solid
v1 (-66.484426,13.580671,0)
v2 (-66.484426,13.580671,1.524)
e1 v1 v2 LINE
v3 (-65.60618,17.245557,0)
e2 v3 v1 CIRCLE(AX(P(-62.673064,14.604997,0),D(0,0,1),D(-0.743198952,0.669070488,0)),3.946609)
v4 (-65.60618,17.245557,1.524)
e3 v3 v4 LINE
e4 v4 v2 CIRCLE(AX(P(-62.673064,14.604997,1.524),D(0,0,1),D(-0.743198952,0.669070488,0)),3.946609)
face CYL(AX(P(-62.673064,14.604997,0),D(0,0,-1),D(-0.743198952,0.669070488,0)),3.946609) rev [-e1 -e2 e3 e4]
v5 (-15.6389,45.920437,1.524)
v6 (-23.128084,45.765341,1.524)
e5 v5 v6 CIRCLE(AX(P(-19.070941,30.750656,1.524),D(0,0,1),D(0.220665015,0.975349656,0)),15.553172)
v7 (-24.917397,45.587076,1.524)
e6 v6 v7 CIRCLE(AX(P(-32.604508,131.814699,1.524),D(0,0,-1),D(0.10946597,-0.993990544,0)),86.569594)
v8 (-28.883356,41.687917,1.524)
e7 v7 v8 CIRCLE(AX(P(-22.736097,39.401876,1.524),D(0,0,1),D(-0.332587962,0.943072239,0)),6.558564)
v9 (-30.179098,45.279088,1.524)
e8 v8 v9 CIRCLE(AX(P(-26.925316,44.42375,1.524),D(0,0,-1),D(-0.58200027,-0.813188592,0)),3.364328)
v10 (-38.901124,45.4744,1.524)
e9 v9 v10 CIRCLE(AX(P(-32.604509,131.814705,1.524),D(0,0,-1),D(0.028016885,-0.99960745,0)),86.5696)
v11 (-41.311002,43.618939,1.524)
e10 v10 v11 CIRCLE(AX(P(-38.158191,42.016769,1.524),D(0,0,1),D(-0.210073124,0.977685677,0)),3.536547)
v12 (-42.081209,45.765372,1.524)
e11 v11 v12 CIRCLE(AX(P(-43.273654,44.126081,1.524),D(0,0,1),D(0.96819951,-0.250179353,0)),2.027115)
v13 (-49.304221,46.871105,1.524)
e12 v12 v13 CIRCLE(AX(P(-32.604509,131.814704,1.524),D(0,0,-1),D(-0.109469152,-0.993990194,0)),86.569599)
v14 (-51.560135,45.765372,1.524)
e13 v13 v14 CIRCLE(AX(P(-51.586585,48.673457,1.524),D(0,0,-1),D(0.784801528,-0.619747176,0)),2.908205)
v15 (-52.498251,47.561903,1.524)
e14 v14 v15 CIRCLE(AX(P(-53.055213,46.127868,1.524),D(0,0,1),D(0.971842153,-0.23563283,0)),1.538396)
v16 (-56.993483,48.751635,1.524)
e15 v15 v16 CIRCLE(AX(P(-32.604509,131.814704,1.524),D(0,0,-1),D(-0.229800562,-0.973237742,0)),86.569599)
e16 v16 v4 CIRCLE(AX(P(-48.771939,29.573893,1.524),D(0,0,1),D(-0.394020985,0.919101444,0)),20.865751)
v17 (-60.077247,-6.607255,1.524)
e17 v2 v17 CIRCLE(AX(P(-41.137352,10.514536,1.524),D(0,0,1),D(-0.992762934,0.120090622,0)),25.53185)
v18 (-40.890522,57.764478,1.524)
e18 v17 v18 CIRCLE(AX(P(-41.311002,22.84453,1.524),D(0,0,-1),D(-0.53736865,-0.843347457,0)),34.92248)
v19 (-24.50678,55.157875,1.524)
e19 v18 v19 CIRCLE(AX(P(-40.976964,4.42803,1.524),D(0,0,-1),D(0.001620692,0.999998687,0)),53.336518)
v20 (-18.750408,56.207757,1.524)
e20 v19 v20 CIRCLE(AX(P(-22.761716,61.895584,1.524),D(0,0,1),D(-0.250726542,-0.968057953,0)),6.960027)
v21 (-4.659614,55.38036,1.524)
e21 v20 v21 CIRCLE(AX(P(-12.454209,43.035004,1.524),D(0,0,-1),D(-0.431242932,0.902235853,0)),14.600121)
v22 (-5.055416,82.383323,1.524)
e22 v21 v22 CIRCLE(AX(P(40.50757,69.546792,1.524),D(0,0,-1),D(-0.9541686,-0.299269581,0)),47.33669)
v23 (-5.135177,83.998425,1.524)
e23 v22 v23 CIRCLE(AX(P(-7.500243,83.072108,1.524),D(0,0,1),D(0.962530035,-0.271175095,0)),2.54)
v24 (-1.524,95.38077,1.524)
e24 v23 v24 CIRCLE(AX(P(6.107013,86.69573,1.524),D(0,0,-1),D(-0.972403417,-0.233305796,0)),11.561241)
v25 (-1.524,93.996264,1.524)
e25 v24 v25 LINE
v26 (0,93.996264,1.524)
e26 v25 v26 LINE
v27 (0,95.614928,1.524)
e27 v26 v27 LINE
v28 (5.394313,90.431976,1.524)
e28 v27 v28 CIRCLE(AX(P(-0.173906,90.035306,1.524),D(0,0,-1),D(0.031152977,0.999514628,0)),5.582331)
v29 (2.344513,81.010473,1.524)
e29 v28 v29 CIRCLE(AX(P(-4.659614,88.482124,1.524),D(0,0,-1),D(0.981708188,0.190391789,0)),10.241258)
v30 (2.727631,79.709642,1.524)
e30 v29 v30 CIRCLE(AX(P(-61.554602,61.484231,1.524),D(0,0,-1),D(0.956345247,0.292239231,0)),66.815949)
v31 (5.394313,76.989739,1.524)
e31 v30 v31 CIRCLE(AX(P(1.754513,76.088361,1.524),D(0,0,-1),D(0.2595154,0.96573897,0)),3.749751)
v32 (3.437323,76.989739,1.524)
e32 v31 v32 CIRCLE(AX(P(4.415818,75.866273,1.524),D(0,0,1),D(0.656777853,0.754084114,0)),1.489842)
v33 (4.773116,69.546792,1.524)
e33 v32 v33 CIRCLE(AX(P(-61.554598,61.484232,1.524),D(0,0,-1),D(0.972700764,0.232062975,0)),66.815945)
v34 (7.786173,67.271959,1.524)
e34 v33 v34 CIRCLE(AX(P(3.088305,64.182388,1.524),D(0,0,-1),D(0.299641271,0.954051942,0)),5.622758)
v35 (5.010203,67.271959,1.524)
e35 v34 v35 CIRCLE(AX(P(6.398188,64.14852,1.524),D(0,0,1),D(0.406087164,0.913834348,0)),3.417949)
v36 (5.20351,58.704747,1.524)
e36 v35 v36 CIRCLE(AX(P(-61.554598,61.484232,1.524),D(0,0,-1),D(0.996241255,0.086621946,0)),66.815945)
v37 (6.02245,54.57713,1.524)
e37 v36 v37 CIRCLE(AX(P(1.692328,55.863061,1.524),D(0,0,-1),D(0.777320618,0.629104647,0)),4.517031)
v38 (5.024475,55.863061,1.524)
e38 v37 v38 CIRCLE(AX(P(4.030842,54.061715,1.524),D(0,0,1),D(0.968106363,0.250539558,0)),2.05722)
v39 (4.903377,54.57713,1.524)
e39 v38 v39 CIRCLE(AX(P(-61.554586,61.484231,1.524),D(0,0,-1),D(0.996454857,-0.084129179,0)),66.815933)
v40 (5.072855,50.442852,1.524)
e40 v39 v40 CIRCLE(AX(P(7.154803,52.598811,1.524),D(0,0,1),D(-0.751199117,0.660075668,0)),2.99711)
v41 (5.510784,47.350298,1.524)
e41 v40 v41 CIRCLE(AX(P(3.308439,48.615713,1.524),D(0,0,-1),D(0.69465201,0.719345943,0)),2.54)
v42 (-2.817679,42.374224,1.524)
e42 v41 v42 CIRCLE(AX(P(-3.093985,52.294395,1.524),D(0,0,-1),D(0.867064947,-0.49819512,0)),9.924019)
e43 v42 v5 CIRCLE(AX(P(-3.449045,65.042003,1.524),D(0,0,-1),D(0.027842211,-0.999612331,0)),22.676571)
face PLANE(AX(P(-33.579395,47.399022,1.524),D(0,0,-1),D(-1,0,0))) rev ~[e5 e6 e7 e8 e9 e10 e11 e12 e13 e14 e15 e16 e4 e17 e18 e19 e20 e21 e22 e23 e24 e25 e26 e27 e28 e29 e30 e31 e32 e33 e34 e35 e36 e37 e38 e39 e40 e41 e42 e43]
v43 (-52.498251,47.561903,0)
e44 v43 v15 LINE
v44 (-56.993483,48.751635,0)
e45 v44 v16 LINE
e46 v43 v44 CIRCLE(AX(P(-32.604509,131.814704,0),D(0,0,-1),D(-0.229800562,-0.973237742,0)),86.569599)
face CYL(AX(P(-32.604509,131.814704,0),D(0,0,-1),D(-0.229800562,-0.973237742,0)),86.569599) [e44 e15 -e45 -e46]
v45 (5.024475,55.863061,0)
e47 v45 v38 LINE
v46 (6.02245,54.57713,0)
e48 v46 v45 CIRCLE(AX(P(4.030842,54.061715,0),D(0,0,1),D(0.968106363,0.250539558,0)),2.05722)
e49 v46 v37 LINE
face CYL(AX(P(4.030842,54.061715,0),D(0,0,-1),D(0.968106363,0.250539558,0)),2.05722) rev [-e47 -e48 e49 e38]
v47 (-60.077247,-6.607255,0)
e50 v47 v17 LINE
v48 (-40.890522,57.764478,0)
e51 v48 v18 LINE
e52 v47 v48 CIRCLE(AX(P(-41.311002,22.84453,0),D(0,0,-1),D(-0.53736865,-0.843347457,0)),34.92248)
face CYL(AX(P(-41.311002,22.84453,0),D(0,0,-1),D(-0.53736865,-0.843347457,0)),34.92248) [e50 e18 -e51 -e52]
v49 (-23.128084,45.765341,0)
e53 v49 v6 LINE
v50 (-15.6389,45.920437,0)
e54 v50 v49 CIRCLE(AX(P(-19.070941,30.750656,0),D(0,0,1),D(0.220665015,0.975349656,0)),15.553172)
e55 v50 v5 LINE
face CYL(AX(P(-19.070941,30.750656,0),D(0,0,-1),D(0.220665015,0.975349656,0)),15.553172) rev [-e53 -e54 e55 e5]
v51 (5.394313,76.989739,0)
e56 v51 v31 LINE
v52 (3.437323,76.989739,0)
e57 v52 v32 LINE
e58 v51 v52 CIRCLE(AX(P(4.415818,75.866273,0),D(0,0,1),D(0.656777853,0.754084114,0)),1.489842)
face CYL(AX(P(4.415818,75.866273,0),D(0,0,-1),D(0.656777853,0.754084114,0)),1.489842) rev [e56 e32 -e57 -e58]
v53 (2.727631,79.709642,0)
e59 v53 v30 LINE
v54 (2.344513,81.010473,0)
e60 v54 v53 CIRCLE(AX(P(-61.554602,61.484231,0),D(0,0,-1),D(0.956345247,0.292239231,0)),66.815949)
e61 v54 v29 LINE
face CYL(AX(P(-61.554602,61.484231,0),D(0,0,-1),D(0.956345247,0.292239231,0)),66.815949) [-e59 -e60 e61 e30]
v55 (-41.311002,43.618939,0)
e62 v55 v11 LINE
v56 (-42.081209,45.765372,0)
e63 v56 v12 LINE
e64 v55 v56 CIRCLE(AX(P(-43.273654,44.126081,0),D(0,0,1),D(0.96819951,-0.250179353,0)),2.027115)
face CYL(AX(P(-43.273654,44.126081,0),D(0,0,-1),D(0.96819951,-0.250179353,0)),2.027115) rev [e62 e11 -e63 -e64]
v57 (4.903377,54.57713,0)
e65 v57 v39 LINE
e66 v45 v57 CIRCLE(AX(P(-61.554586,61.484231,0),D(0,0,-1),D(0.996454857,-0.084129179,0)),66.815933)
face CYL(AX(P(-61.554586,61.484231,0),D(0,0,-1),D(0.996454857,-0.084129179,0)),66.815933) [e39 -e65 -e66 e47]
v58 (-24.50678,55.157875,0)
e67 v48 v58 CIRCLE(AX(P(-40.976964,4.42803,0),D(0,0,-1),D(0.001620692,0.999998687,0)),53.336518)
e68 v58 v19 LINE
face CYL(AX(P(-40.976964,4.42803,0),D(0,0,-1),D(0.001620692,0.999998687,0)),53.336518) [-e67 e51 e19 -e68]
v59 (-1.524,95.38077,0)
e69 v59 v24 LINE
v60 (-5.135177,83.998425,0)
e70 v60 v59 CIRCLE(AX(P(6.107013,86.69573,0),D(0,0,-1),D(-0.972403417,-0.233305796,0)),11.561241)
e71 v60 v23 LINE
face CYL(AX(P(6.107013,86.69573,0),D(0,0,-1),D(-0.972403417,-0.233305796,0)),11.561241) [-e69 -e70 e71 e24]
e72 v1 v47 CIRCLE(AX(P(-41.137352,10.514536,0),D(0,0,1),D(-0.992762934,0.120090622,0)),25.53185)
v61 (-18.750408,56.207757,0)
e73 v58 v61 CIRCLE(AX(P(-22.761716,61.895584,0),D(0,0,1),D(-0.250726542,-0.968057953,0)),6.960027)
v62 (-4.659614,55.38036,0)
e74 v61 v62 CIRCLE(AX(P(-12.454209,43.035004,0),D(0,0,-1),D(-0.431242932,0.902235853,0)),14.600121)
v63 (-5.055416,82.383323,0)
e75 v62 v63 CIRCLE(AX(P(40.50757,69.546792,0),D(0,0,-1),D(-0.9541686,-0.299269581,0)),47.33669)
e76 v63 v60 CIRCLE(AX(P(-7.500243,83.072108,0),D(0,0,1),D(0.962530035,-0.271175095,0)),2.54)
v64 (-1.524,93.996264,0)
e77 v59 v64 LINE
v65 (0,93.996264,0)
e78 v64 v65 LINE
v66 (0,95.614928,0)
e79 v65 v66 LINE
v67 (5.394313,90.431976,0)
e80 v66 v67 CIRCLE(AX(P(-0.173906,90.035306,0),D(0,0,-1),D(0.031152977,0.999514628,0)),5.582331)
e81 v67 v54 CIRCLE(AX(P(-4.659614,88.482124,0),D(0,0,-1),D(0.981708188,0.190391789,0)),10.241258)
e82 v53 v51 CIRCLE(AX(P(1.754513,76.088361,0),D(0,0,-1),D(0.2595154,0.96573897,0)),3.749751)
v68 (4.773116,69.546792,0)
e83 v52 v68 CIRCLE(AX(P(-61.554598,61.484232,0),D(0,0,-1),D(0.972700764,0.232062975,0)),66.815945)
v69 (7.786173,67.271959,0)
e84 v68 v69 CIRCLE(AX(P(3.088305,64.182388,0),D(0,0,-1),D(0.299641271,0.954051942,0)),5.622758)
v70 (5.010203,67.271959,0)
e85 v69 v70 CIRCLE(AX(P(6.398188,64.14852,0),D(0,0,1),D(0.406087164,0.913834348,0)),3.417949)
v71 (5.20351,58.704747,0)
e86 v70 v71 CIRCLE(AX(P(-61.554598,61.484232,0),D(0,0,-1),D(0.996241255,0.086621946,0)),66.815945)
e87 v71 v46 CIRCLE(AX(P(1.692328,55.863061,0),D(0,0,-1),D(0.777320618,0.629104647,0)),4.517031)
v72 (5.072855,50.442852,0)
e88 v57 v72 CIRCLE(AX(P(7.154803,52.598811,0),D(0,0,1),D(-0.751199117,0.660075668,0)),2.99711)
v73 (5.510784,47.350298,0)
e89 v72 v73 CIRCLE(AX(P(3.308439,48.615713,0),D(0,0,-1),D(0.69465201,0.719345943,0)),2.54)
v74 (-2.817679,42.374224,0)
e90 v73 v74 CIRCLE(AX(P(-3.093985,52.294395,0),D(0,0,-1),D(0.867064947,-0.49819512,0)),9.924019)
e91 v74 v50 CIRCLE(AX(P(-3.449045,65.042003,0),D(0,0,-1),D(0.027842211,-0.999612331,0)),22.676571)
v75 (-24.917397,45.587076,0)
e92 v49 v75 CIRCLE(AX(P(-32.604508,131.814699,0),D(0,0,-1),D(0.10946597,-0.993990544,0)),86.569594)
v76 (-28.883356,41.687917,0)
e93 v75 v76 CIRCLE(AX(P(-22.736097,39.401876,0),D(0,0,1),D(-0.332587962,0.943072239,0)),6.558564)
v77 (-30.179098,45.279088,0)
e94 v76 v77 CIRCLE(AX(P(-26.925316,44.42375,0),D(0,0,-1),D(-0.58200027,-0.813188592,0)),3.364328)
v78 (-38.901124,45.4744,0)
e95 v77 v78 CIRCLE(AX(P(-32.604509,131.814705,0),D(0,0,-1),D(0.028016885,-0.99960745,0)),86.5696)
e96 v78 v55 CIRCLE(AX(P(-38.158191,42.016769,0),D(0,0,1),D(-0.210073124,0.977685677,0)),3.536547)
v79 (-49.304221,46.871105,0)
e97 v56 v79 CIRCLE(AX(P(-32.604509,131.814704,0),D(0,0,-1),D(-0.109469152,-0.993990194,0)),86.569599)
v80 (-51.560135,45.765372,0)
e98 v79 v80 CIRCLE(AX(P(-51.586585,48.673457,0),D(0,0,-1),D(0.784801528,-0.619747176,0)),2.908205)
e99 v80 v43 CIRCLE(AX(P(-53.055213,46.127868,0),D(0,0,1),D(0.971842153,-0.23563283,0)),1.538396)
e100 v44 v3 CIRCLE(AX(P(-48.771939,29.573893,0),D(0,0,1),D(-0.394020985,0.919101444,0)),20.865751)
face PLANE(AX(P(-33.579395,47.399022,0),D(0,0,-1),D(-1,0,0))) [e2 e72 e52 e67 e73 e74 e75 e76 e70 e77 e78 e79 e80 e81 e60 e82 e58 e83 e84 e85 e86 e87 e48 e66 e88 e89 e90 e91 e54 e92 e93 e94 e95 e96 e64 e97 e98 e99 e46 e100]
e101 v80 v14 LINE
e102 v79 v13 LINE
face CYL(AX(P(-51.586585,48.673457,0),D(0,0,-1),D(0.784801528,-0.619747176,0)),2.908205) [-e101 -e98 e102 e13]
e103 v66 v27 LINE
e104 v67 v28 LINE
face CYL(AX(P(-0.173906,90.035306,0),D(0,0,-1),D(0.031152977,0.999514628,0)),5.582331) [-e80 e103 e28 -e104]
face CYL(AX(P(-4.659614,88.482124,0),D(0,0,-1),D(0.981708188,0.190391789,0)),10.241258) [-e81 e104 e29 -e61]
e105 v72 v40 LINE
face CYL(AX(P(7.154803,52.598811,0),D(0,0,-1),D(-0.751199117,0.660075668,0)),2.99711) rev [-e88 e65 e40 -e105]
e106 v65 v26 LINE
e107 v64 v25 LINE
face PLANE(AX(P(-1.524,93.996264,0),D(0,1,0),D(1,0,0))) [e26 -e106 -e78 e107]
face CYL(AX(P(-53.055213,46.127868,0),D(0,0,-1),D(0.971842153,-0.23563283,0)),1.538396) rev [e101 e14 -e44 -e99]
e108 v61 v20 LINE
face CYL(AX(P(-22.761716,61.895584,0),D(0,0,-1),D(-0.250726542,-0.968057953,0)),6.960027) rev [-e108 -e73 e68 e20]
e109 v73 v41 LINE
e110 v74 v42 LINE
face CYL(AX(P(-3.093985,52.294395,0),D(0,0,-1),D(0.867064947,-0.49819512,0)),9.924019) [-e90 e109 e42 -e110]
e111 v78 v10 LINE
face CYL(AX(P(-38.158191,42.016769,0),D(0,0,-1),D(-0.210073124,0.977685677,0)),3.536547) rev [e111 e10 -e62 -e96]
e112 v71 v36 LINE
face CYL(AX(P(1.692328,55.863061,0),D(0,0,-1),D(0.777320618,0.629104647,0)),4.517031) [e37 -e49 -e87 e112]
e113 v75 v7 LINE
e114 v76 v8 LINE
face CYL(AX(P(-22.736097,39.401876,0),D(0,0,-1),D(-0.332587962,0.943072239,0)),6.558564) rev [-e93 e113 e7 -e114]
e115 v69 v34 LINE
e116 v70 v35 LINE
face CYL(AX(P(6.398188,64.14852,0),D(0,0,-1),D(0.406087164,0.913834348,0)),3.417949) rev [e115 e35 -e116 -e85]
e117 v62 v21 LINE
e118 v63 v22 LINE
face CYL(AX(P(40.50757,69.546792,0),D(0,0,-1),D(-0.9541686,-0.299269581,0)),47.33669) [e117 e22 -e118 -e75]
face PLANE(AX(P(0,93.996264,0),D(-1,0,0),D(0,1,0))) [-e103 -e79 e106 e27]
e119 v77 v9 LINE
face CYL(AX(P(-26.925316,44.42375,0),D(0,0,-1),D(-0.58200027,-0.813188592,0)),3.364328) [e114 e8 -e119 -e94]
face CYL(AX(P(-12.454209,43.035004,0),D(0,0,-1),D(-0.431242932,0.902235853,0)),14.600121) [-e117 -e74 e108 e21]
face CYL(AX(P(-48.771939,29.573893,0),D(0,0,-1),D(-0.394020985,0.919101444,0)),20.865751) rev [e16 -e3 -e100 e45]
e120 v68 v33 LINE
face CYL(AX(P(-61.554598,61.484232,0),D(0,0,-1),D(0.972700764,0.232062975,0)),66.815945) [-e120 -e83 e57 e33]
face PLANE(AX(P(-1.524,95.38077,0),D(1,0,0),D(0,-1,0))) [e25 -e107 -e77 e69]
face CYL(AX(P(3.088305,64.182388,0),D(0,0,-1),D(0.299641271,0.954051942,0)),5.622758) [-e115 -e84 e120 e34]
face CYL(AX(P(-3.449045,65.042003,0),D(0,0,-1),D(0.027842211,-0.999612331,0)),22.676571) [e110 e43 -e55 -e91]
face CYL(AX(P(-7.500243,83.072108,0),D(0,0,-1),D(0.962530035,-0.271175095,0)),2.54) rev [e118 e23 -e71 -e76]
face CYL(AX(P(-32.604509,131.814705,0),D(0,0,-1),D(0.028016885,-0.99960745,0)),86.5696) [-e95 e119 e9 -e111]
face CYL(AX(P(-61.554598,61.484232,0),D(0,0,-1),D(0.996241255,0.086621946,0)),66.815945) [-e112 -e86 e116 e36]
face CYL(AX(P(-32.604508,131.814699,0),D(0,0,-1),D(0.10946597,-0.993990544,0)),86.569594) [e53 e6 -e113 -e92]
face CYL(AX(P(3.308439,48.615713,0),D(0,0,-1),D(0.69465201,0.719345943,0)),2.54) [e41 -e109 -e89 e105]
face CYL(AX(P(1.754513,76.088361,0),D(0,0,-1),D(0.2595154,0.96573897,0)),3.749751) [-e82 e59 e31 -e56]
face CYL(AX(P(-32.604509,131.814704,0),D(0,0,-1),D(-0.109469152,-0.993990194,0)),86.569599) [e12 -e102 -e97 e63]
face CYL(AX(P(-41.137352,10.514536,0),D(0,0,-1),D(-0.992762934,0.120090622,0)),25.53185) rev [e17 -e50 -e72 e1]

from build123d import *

# Parameters (mm, degrees)
BOSS_EXTRUDE1_DEPTH = 1.524


with BuildPart() as part:
    # Sketch1 → Boss-Extrude1 (new body)
    with BuildSketch(Plane.XY):
        with BuildLine():
            Line((-1.524, 93.996264428), (0, 93.996264428))
            Line((0, 93.996264428), (0, 95.614927588))
            ThreePointArc((0, 95.614927588), (3.693748092, 94.060684173), (5.394313408, 90.431975702))
            ThreePointArc((5.394313408, 90.431975702), (5.083870366, 85.328096728), (2.344513216, 81.010472628))
            ThreePointArc((2.344513216, 81.010472628), (2.539372179, 80.361029228), (2.727630661, 79.709641871))
            ThreePointArc((2.727630661, 79.709641871), (4.432053028, 78.713510624), (5.394313408, 76.989739169))
            ThreePointArc((5.394313408, 76.989739169), (4.415817963, 77.356115064), (3.437322519, 76.989739169))
            ThreePointArc((3.437322519, 76.989739169), (4.210597619, 73.287177771), (4.773115775, 69.546791613))
            ThreePointArc((4.773115775, 69.546791613), (6.476278237, 68.669820648), (7.786173006, 67.271959374))
            ThreePointArc((7.786173006, 67.271959374), (6.398187856, 67.566469165), (5.010202706, 67.271959374))
            ThreePointArc((5.010202706, 67.271959374), (5.244344787, 62.991455343), (5.203509677, 58.704746843))
            ThreePointArc((5.203509677, 58.704746843), (6.122995482, 56.742128292), (6.022449708, 54.577130307))
            ThreePointArc((6.022449708, 54.577130307), (5.656055769, 55.32299802), (5.02447468, 55.863061433))
            ThreePointArc((5.02447468, 55.863061433), (4.967033142, 55.219803245), (4.903376867, 54.577130307))
            ThreePointArc((4.903376867, 54.577130307), (4.160208316, 52.476052404), (5.072854771, 50.442851897))
            ThreePointArc((5.072854771, 50.442851897), (5.82334848, 48.971843275), (5.510783631, 47.350297597))
            ThreePointArc((5.510783631, 47.350297597), (1.996073925, 43.775155466), (-2.817678827, 42.374223627))
            ThreePointArc((-2.817678827, 42.374223627), (-9.49417325, 43.186036631), (-15.638900273, 45.92043747))
            ThreePointArc((-15.638900273, 45.92043747), (-19.39296862, 46.30049438), (-23.12808354, 45.765341186))
            ThreePointArc((-23.12808354, 45.765341186), (-24.022277431, 45.671562771), (-24.917397051, 45.587076243))
            ThreePointArc((-24.917397051, 45.587076243), (-27.334149164, 44.07870078), (-28.883355756, 41.687917174))
            ThreePointArc((-28.883355756, 41.687917174), (-30.089948499, 43.281908325), (-30.179098122, 45.279087881))
            ThreePointArc((-30.179098122, 45.279087881), (-34.542573171, 45.266801777), (-38.901124358, 45.474399945))
            ThreePointArc((-38.901124358, 45.474399945), (-40.315710263, 44.818959656), (-41.31100161, 43.61893866))
            ThreePointArc((-41.31100161, 43.61893866), (-41.365656867, 44.810730455), (-42.081209312, 45.765371529))
            ThreePointArc((-42.081209312, 45.765371529), (-45.704386877, 46.241994184), (-49.304220896, 46.871104556))
            ThreePointArc((-49.304220896, 46.871104556), (-50.306617349, 46.062069726), (-51.560134873, 45.765371529))
            ThreePointArc((-51.560134873, 45.765371529), (-51.69154215, 46.839952524), (-52.498251339, 47.561902989))
            ThreePointArc((-52.498251339, 47.561902989), (-54.753856575, 48.126581404), (-56.993482586, 48.751635021))
            ThreePointArc((-56.993482586, 48.751635021), (-68.899192265, 35.07600442), (-65.606179776, 17.245556751))
            ThreePointArc((-65.606179776, 17.245556751), (-66.511011599, 15.524715569), (-66.48442613, 13.580671275))
            ThreePointArc((-66.48442613, 13.580671275), (-65.472964, 2.7909779), (-60.077247453, -6.607255003))
            ThreePointArc((-60.077247453, -6.607255003), (-74.778475075, 32.819889944), (-40.89052168, 57.764477873))
            ThreePointArc((-40.89052168, 57.764477873), (-32.596685646, 57.102075632), (-24.506779764, 55.157875102))
            ThreePointArc((-24.506779764, 55.157875102), (-21.512905256, 55.048508832), (-18.750408328, 56.207756982))
            ThreePointArc((-18.750408328, 56.207756982), (-11.598379652, 57.610020261), (-4.659613728, 55.380360214))
            ThreePointArc((-4.659613728, 55.380360214), (-6.824036174, 68.85301684), (-5.055416365, 82.38332301))
            ThreePointArc((-5.055416365, 82.38332301), (-4.963334277, 83.197390982), (-5.135176923, 83.998425237))
            ThreePointArc((-5.135176923, 83.998425237), (-4.912918532, 90.191927066), (-1.524, 95.380770374))
            Line((-1.524, 95.380770374), (-1.524, 93.996264428))
        make_face()
    extrude(amount=BOSS_EXTRUDE1_DEPTH)


solid = part.part
